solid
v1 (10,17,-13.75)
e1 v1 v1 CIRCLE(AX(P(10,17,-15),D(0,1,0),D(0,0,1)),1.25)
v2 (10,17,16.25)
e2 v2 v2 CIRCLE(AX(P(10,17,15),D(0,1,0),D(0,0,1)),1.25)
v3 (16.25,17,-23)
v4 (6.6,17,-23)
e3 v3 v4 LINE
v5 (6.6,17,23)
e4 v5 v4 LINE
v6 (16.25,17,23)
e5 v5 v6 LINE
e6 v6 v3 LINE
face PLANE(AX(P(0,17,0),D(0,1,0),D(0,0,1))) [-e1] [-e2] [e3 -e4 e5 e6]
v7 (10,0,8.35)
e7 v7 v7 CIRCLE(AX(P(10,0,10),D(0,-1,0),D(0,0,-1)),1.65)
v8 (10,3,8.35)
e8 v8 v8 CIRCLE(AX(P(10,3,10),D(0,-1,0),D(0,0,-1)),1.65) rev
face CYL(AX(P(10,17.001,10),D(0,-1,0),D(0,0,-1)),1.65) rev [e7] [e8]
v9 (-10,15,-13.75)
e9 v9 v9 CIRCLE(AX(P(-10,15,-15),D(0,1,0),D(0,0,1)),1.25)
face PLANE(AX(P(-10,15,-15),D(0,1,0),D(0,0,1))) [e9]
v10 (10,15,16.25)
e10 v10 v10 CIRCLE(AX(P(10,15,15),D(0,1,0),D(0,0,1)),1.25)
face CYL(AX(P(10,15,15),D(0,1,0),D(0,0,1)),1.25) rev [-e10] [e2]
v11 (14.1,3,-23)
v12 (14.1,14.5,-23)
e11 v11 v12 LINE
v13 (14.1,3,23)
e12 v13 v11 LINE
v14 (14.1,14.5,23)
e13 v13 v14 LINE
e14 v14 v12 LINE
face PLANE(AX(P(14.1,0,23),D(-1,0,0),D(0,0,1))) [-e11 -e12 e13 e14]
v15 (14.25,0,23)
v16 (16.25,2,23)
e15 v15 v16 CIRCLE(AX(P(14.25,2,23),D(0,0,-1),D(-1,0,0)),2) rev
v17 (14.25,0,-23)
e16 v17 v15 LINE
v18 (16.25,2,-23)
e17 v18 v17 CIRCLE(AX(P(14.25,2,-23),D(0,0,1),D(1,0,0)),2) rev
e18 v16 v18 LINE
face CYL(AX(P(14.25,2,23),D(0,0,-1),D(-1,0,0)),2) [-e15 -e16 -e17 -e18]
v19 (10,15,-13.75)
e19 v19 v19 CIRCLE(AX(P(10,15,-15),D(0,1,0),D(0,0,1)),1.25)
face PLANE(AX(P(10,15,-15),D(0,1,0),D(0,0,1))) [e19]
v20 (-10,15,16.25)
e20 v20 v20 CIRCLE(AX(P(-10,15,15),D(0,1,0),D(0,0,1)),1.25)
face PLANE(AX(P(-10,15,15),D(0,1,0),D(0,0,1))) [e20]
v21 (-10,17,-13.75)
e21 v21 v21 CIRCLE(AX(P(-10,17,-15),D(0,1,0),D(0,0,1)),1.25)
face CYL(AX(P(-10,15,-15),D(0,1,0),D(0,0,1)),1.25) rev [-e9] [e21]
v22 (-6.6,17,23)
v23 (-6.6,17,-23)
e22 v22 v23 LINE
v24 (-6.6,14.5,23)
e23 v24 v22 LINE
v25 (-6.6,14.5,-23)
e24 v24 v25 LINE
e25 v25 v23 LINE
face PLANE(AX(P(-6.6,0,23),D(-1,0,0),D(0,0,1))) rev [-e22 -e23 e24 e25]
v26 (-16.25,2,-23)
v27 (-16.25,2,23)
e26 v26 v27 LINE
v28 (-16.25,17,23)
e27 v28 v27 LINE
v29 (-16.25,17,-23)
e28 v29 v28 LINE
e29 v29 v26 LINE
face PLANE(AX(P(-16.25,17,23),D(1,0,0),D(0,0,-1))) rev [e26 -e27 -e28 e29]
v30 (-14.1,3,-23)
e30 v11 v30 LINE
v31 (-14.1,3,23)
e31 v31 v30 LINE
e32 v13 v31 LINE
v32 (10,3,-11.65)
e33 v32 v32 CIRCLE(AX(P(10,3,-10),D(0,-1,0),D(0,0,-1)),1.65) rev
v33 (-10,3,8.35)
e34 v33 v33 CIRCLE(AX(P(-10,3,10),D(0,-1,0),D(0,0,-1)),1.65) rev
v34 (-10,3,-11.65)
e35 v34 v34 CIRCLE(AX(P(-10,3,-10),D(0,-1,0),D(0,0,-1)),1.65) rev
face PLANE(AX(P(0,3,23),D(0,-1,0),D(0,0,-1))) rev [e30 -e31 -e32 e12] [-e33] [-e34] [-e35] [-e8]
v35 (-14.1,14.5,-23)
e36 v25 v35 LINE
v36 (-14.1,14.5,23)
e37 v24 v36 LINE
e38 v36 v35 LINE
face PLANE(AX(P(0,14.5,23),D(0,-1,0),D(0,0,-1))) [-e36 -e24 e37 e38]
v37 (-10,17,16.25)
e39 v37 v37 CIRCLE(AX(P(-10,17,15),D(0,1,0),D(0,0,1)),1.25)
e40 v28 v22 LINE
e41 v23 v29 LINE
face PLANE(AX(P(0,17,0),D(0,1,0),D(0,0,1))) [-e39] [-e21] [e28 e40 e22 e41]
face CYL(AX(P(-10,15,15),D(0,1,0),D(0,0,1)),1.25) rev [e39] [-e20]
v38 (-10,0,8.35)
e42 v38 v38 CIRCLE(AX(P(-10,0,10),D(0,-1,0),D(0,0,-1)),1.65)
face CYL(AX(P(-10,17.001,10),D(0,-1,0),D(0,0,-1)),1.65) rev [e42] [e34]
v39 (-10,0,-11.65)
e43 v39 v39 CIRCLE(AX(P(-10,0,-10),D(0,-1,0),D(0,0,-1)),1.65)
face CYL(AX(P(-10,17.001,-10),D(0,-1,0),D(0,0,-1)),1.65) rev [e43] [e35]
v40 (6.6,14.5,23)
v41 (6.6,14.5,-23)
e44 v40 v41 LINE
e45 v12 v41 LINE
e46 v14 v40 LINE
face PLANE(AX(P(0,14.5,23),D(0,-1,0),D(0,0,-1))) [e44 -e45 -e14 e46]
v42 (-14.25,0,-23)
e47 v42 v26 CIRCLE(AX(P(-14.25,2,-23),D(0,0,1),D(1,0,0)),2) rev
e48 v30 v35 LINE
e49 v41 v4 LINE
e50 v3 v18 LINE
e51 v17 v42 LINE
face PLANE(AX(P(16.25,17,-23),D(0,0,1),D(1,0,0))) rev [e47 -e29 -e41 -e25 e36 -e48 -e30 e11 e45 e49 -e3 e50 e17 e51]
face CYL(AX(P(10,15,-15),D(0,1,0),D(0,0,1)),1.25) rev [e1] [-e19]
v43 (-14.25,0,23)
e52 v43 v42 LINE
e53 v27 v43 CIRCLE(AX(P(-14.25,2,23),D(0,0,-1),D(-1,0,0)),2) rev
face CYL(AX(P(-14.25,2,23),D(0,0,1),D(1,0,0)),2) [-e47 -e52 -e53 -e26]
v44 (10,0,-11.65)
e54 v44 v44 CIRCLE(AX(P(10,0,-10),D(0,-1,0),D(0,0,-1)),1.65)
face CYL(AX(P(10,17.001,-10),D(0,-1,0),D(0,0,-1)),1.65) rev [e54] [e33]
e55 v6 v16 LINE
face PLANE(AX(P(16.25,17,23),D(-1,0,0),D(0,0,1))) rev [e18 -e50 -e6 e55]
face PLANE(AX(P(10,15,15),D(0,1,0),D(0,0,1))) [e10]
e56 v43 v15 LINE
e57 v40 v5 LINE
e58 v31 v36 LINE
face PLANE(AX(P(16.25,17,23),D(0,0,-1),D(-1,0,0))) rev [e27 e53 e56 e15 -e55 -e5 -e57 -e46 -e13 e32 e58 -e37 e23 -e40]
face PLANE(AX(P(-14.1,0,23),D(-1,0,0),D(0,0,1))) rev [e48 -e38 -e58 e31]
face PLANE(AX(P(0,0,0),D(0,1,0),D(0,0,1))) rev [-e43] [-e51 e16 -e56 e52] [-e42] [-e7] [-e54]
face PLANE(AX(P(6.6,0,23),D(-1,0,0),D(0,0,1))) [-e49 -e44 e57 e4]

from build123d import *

# Parameters (mm, degrees)
SKETCH_1_W          = 32.5
SKETCH_1_H          = 46
EXTRUDE_1_DEPTH     = 17
SKETCH_2_W          = 13.2
SKETCH_2_H          = 2.5
CUT_EXTRUDE_2_DEPTH = 52.662970298
CUT_EXTRUDE_3_REACH = 34.895
SKETCH_4_R          = 1.65
SKETCH_5_R          = 1.25
CUT_EXTRUDE_4_DEPTH = 2
FILLET_1_R          = 2


with BuildPart() as part:
    # 草图1 → 凸台-拉伸1 (new body)
    with BuildSketch(Plane(origin=(0, 0, 0), x_dir=(1, 0, 0), z_dir=(0, 1, 0))):
        Rectangle(SKETCH_1_W, SKETCH_1_H)
    extrude(amount=EXTRUDE_1_DEPTH)

    # 草图2 → 切除-拉伸2 (cut, through all)
    with BuildSketch(Plane(origin=(0, 0, -23), x_dir=(-1, 0, 0), z_dir=(0, 0, -1))):
        with Locations((0, 15.75)):
            Rectangle(SKETCH_2_W, SKETCH_2_H)
        Polygon((6.6, 14.5), (-6.6, 14.5), (-14.1, 14.5), (-14.1, 3), (14.1, 3), (14.1, 14.5), align=None)
    extrude(amount=-CUT_EXTRUDE_2_DEPTH, mode=Mode.SUBTRACT)

    # 草图4 → 切除-拉伸3 (cut, up to next)
    with BuildSketch(Plane.XZ, mode=Mode.PRIVATE) as cut_extrude_3_sk1:
        with Locations(Location((-10, 10, 0), (0, 0, 270))):
            Circle(SKETCH_4_R)
    cut_extrude_3_tool1 = extrude(cut_extrude_3_sk1.sketch, amount=-CUT_EXTRUDE_3_REACH, mode=Mode.PRIVATE) & part.part
    # 草图4 → 切除-拉伸3 (cut, up to next)
    with BuildSketch(Plane.XZ, mode=Mode.PRIVATE) as cut_extrude_3_sk2:
        with Locations(Location((10, 10, 0), (0, 0, 270))):
            Circle(SKETCH_4_R)
    cut_extrude_3_tool2 = extrude(cut_extrude_3_sk2.sketch, amount=-CUT_EXTRUDE_3_REACH, mode=Mode.PRIVATE) & part.part
    # 草图4 → 切除-拉伸3 (cut, up to next)
    with BuildSketch(Plane.XZ, mode=Mode.PRIVATE) as cut_extrude_3_sk3:
        with Locations(Location((10, -10, 0), (0, 0, 270))):
            Circle(SKETCH_4_R)
    cut_extrude_3_tool3 = extrude(cut_extrude_3_sk3.sketch, amount=-CUT_EXTRUDE_3_REACH, mode=Mode.PRIVATE) & part.part
    # 草图4 → 切除-拉伸3 (cut, up to next)
    with BuildSketch(Plane.XZ, mode=Mode.PRIVATE) as cut_extrude_3_sk4:
        with Locations(Location((-10, -10, 0), (0, 0, 270))):
            Circle(SKETCH_4_R)
    cut_extrude_3_tool4 = extrude(cut_extrude_3_sk4.sketch, amount=-CUT_EXTRUDE_3_REACH, mode=Mode.PRIVATE) & part.part
    add(cut_extrude_3_tool1.solids().sort_by_distance((-10, 0, 10))[0], mode=Mode.SUBTRACT)
    add(cut_extrude_3_tool2.solids().sort_by_distance((10, 0, 10))[0], mode=Mode.SUBTRACT)
    add(cut_extrude_3_tool3.solids().sort_by_distance((10, 0, -10))[0], mode=Mode.SUBTRACT)
    add(cut_extrude_3_tool4.solids().sort_by_distance((-10, 0, -10))[0], mode=Mode.SUBTRACT)

    # 草图5 → 切除-拉伸4 (cut)
    with BuildSketch(Plane(origin=(0, 17, 0), x_dir=(1, 0, 0), z_dir=(0, 1, 0))):
        with Locations(Location((-10, 15, 0), (0, 0, 270))):
            Circle(SKETCH_5_R)
        with Locations(Location((10, 15, 0), (0, 0, 270))):
            Circle(SKETCH_5_R)
        with Locations(Location((10, -15, 0), (0, 0, 270))):
            Circle(SKETCH_5_R)
        with Locations(Location((-10, -15, 0), (0, 0, 270))):
            Circle(SKETCH_5_R)
    extrude(amount=-CUT_EXTRUDE_4_DEPTH, mode=Mode.SUBTRACT)

    # 圆角1
    fillet_1_edges = [part.edges().sort_by_distance(p)[0] for p in [
        (16.25, 0, 0),
        (-16.25, 0, 0),
    ]]
    fillet(fillet_1_edges, radius=FILLET_1_R)


solid = part.part
